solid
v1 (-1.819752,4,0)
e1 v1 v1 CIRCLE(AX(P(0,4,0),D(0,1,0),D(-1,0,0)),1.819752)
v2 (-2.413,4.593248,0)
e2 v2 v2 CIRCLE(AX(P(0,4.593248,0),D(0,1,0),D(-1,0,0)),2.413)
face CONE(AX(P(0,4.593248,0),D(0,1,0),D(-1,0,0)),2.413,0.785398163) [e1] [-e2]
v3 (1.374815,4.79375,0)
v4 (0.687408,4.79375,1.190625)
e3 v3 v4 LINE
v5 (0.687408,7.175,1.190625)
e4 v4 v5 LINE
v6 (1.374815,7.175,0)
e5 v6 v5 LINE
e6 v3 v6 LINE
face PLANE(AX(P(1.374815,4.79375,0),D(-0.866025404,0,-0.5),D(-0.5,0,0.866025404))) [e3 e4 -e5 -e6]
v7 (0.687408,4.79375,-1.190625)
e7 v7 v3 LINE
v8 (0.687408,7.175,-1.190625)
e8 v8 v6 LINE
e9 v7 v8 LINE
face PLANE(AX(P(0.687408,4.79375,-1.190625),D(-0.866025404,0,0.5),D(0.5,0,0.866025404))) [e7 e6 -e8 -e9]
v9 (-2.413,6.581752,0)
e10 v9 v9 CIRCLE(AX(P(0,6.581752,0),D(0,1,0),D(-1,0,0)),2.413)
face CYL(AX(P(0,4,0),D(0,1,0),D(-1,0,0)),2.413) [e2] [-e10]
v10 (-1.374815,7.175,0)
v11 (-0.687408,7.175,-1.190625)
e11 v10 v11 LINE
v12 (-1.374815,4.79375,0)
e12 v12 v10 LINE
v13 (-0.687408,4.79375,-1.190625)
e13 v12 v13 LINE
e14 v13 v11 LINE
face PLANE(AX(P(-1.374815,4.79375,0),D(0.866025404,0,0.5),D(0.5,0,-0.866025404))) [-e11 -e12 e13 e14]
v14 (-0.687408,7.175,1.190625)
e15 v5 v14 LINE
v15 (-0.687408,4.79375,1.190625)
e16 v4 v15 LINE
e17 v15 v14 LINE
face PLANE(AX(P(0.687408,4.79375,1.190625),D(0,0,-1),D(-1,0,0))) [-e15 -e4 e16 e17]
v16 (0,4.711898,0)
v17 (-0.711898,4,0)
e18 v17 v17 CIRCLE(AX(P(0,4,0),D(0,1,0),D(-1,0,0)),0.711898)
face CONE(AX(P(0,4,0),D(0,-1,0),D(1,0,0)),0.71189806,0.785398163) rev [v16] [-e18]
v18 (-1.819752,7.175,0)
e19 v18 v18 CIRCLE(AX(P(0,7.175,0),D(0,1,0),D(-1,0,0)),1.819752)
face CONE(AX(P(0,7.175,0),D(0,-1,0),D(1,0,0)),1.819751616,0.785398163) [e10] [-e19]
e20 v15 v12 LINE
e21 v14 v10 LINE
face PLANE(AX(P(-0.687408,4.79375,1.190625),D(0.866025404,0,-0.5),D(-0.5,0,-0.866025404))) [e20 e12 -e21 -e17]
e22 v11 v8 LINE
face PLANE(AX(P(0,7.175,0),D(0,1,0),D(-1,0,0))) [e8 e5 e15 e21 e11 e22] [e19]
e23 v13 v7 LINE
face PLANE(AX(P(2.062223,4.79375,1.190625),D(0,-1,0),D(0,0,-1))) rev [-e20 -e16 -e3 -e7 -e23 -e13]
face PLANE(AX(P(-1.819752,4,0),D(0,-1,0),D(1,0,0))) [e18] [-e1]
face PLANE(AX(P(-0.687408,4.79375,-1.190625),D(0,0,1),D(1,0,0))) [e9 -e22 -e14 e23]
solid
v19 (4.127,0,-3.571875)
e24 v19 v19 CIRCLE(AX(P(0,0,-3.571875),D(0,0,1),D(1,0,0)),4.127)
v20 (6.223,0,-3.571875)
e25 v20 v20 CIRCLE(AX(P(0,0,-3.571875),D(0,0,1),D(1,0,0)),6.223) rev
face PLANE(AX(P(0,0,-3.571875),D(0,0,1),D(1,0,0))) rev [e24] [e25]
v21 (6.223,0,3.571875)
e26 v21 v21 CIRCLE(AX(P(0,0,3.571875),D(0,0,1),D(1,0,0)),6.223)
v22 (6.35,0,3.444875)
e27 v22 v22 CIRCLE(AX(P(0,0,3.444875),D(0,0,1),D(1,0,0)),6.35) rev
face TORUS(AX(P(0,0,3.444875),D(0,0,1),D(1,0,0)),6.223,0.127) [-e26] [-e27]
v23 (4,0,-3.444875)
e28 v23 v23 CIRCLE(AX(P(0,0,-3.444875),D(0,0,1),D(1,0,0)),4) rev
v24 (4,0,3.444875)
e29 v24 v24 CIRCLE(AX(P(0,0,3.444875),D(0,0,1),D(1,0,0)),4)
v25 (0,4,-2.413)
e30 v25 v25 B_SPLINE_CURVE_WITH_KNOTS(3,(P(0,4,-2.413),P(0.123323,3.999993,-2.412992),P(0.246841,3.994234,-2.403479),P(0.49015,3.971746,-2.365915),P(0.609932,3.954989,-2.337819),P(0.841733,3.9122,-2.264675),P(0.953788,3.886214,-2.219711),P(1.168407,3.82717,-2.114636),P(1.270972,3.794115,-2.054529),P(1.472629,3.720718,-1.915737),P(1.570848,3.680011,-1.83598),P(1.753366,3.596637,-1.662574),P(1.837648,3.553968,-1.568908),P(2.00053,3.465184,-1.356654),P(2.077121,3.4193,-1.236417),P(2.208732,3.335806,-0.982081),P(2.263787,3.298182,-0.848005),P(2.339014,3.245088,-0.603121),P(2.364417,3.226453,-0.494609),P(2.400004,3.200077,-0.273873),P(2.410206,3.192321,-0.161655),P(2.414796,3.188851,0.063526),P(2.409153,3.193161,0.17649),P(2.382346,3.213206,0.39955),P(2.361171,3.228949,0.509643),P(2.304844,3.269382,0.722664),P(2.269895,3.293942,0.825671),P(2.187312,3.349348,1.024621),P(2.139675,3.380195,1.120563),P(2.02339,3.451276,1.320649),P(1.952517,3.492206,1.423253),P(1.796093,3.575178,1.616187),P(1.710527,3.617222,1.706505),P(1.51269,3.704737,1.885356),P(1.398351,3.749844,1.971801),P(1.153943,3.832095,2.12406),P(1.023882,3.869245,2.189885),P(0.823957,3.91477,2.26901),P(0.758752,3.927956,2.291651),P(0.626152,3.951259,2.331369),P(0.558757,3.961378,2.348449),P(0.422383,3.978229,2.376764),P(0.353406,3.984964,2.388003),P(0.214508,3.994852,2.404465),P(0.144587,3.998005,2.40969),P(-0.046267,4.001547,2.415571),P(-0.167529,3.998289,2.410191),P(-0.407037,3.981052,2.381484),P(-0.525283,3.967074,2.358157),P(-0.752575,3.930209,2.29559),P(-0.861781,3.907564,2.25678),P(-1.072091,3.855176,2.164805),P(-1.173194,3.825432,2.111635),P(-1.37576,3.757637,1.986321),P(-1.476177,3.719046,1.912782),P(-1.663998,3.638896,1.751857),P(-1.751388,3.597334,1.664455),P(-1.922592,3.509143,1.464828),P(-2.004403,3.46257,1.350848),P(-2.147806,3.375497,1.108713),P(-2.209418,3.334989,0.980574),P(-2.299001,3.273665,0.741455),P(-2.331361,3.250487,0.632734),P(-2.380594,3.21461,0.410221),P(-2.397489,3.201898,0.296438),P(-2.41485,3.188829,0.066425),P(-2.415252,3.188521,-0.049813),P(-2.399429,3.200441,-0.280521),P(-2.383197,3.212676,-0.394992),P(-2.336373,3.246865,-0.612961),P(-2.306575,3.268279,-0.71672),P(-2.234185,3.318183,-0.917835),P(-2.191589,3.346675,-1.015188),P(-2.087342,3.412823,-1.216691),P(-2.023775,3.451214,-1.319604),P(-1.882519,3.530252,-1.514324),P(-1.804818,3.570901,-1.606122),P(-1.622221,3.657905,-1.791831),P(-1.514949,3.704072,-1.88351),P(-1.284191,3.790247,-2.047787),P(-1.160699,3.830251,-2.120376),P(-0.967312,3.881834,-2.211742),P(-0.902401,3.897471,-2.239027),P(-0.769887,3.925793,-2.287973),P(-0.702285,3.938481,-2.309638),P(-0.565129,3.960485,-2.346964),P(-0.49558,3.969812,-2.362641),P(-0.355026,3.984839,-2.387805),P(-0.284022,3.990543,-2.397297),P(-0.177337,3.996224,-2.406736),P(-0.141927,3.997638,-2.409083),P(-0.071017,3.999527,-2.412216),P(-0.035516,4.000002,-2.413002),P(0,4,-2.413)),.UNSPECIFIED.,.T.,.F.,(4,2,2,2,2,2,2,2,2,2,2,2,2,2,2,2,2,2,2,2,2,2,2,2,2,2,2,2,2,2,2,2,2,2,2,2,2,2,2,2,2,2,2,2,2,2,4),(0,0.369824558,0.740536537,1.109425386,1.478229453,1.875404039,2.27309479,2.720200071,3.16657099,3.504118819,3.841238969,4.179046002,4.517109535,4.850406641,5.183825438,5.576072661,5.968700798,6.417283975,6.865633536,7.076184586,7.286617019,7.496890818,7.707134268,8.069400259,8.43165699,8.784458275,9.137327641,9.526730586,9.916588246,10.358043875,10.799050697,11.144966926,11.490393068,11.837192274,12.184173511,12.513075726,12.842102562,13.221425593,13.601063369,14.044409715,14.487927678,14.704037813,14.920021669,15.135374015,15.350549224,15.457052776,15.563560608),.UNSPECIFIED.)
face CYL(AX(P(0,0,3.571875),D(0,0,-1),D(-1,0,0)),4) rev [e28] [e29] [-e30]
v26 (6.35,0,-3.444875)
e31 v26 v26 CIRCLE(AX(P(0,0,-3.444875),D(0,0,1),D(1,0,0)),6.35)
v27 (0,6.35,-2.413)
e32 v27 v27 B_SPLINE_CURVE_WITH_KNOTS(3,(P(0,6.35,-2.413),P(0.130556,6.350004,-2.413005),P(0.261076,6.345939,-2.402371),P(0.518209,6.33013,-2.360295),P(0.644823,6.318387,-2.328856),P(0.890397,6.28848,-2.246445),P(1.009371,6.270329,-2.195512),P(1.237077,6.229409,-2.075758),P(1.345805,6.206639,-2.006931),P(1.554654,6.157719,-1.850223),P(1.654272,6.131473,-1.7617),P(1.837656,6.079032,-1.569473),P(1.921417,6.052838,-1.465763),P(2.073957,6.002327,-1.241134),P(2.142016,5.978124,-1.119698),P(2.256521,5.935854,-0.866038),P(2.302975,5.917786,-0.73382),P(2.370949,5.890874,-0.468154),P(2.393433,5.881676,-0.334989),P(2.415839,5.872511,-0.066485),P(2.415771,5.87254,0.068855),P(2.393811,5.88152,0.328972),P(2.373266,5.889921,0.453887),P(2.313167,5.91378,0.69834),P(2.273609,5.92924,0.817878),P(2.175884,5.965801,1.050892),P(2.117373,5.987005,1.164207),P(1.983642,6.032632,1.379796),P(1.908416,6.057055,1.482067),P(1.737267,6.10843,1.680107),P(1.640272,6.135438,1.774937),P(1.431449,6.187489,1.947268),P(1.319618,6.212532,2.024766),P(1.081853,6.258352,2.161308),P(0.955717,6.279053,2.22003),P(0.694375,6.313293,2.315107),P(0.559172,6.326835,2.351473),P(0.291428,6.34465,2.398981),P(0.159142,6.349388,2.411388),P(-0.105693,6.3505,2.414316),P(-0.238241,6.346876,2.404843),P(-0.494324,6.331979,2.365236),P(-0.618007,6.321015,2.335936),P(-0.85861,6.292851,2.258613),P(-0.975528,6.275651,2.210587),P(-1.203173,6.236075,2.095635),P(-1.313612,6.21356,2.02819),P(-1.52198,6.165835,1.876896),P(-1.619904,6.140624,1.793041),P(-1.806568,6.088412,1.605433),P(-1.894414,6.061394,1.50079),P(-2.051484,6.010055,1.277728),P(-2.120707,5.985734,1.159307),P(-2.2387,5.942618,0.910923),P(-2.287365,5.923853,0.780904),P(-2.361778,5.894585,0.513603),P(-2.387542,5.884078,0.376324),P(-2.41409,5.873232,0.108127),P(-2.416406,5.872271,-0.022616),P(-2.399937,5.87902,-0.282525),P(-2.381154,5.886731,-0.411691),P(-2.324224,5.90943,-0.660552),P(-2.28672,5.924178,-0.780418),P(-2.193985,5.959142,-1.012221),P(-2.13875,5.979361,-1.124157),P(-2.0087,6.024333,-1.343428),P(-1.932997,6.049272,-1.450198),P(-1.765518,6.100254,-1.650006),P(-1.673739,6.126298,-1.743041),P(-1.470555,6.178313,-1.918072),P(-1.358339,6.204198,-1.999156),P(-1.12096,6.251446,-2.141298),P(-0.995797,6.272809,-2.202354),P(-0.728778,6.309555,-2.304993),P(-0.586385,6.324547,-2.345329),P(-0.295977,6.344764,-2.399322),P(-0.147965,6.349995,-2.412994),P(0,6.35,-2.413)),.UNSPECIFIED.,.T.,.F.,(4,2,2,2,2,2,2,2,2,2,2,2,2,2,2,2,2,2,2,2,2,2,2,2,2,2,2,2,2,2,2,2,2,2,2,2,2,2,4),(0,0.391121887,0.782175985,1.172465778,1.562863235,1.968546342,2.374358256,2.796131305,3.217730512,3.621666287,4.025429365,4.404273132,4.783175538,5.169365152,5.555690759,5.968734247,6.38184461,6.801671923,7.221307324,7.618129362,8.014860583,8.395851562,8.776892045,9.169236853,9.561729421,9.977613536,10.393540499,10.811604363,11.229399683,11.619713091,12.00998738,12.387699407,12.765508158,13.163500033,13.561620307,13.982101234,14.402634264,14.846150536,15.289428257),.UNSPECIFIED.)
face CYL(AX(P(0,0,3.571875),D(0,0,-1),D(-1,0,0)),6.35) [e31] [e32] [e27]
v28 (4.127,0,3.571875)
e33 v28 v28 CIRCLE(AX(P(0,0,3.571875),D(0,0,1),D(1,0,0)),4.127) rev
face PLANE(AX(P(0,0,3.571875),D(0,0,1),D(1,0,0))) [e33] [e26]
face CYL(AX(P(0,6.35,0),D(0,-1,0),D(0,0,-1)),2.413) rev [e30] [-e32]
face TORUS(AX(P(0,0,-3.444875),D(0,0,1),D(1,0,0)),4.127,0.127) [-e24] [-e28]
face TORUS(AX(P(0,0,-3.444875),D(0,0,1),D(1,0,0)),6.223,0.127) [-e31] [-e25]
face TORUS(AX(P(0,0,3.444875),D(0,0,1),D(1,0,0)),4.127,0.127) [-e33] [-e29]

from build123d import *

# Parameters (mm, degrees)
SKETCH1_R          = 6.35
SKETCH1_R_2        = 4
EXTRUDE1_DEPTH     = 3.571875
SKETCH2_R          = 2.413
CUT_EXTRUDE1_DEPTH = 49.179055782
FILLET1_R          = 0.127
CUT_EXTRUDE2_DEPTH = 2.38125


with BuildPart() as part:
    # Sketch1 → Extrude1 (new, symmetric)
    with BuildSketch(Plane.XY):
        Circle(SKETCH1_R)
        Circle(SKETCH1_R_2, mode=Mode.SUBTRACT)
    extrude(amount=EXTRUDE1_DEPTH, both=True)

    # Sketch2 → Cut-Extrude1 (cut, through all)
    with BuildSketch(Plane(origin=(41.275, 0, 0), x_dir=(0, 0, -1), z_dir=(0, -1, 0))):
        with Locations((0, -41.275)):
            Circle(SKETCH2_R)
    extrude(amount=-CUT_EXTRUDE1_DEPTH, mode=Mode.SUBTRACT)

    # Fillet1
    fillet1_edges = [part.edges().sort_by_distance(p)[0] for p in [
        (-6.35, 0, -3.571875),
        (-6.35, 0, 3.571875),
        (-4, 0, -3.571875),
        (-4, 0, 3.571875),
    ]]
    fillet(fillet1_edges, radius=FILLET1_R)


with BuildPart() as body_2:
    # Sketch3 → Revolve1 (revolve)
    with BuildSketch(Plane.XY):
        Polygon((-1.819751616, 4), (-0.71189806, 4), (0, 4.71189806), (0, 7.175), (-1.819751616, 7.175), (-2.413, 6.581751616), (-2.413, 4.593248384), align=None)
    revolve(axis=Axis((0, 4, 0), (0, -1, 0)))

    # Sketch4 → Cut-Extrude2 (cut)
    with BuildSketch(Plane(origin=(3.3734375, 7.175, 0), x_dir=(0, 0, -1), z_dir=(0, -1, 0))):
        Polygon((0, -1.998622171), (-1.190625, -2.686029836), (-1.190625, -4.060845164), (0, -4.748252829), (1.190625, -4.060845164), (1.190625, -2.686029836), align=None)
    extrude(amount=CUT_EXTRUDE2_DEPTH, mode=Mode.SUBTRACT)


solid = Compound([part.part, body_2.part])
